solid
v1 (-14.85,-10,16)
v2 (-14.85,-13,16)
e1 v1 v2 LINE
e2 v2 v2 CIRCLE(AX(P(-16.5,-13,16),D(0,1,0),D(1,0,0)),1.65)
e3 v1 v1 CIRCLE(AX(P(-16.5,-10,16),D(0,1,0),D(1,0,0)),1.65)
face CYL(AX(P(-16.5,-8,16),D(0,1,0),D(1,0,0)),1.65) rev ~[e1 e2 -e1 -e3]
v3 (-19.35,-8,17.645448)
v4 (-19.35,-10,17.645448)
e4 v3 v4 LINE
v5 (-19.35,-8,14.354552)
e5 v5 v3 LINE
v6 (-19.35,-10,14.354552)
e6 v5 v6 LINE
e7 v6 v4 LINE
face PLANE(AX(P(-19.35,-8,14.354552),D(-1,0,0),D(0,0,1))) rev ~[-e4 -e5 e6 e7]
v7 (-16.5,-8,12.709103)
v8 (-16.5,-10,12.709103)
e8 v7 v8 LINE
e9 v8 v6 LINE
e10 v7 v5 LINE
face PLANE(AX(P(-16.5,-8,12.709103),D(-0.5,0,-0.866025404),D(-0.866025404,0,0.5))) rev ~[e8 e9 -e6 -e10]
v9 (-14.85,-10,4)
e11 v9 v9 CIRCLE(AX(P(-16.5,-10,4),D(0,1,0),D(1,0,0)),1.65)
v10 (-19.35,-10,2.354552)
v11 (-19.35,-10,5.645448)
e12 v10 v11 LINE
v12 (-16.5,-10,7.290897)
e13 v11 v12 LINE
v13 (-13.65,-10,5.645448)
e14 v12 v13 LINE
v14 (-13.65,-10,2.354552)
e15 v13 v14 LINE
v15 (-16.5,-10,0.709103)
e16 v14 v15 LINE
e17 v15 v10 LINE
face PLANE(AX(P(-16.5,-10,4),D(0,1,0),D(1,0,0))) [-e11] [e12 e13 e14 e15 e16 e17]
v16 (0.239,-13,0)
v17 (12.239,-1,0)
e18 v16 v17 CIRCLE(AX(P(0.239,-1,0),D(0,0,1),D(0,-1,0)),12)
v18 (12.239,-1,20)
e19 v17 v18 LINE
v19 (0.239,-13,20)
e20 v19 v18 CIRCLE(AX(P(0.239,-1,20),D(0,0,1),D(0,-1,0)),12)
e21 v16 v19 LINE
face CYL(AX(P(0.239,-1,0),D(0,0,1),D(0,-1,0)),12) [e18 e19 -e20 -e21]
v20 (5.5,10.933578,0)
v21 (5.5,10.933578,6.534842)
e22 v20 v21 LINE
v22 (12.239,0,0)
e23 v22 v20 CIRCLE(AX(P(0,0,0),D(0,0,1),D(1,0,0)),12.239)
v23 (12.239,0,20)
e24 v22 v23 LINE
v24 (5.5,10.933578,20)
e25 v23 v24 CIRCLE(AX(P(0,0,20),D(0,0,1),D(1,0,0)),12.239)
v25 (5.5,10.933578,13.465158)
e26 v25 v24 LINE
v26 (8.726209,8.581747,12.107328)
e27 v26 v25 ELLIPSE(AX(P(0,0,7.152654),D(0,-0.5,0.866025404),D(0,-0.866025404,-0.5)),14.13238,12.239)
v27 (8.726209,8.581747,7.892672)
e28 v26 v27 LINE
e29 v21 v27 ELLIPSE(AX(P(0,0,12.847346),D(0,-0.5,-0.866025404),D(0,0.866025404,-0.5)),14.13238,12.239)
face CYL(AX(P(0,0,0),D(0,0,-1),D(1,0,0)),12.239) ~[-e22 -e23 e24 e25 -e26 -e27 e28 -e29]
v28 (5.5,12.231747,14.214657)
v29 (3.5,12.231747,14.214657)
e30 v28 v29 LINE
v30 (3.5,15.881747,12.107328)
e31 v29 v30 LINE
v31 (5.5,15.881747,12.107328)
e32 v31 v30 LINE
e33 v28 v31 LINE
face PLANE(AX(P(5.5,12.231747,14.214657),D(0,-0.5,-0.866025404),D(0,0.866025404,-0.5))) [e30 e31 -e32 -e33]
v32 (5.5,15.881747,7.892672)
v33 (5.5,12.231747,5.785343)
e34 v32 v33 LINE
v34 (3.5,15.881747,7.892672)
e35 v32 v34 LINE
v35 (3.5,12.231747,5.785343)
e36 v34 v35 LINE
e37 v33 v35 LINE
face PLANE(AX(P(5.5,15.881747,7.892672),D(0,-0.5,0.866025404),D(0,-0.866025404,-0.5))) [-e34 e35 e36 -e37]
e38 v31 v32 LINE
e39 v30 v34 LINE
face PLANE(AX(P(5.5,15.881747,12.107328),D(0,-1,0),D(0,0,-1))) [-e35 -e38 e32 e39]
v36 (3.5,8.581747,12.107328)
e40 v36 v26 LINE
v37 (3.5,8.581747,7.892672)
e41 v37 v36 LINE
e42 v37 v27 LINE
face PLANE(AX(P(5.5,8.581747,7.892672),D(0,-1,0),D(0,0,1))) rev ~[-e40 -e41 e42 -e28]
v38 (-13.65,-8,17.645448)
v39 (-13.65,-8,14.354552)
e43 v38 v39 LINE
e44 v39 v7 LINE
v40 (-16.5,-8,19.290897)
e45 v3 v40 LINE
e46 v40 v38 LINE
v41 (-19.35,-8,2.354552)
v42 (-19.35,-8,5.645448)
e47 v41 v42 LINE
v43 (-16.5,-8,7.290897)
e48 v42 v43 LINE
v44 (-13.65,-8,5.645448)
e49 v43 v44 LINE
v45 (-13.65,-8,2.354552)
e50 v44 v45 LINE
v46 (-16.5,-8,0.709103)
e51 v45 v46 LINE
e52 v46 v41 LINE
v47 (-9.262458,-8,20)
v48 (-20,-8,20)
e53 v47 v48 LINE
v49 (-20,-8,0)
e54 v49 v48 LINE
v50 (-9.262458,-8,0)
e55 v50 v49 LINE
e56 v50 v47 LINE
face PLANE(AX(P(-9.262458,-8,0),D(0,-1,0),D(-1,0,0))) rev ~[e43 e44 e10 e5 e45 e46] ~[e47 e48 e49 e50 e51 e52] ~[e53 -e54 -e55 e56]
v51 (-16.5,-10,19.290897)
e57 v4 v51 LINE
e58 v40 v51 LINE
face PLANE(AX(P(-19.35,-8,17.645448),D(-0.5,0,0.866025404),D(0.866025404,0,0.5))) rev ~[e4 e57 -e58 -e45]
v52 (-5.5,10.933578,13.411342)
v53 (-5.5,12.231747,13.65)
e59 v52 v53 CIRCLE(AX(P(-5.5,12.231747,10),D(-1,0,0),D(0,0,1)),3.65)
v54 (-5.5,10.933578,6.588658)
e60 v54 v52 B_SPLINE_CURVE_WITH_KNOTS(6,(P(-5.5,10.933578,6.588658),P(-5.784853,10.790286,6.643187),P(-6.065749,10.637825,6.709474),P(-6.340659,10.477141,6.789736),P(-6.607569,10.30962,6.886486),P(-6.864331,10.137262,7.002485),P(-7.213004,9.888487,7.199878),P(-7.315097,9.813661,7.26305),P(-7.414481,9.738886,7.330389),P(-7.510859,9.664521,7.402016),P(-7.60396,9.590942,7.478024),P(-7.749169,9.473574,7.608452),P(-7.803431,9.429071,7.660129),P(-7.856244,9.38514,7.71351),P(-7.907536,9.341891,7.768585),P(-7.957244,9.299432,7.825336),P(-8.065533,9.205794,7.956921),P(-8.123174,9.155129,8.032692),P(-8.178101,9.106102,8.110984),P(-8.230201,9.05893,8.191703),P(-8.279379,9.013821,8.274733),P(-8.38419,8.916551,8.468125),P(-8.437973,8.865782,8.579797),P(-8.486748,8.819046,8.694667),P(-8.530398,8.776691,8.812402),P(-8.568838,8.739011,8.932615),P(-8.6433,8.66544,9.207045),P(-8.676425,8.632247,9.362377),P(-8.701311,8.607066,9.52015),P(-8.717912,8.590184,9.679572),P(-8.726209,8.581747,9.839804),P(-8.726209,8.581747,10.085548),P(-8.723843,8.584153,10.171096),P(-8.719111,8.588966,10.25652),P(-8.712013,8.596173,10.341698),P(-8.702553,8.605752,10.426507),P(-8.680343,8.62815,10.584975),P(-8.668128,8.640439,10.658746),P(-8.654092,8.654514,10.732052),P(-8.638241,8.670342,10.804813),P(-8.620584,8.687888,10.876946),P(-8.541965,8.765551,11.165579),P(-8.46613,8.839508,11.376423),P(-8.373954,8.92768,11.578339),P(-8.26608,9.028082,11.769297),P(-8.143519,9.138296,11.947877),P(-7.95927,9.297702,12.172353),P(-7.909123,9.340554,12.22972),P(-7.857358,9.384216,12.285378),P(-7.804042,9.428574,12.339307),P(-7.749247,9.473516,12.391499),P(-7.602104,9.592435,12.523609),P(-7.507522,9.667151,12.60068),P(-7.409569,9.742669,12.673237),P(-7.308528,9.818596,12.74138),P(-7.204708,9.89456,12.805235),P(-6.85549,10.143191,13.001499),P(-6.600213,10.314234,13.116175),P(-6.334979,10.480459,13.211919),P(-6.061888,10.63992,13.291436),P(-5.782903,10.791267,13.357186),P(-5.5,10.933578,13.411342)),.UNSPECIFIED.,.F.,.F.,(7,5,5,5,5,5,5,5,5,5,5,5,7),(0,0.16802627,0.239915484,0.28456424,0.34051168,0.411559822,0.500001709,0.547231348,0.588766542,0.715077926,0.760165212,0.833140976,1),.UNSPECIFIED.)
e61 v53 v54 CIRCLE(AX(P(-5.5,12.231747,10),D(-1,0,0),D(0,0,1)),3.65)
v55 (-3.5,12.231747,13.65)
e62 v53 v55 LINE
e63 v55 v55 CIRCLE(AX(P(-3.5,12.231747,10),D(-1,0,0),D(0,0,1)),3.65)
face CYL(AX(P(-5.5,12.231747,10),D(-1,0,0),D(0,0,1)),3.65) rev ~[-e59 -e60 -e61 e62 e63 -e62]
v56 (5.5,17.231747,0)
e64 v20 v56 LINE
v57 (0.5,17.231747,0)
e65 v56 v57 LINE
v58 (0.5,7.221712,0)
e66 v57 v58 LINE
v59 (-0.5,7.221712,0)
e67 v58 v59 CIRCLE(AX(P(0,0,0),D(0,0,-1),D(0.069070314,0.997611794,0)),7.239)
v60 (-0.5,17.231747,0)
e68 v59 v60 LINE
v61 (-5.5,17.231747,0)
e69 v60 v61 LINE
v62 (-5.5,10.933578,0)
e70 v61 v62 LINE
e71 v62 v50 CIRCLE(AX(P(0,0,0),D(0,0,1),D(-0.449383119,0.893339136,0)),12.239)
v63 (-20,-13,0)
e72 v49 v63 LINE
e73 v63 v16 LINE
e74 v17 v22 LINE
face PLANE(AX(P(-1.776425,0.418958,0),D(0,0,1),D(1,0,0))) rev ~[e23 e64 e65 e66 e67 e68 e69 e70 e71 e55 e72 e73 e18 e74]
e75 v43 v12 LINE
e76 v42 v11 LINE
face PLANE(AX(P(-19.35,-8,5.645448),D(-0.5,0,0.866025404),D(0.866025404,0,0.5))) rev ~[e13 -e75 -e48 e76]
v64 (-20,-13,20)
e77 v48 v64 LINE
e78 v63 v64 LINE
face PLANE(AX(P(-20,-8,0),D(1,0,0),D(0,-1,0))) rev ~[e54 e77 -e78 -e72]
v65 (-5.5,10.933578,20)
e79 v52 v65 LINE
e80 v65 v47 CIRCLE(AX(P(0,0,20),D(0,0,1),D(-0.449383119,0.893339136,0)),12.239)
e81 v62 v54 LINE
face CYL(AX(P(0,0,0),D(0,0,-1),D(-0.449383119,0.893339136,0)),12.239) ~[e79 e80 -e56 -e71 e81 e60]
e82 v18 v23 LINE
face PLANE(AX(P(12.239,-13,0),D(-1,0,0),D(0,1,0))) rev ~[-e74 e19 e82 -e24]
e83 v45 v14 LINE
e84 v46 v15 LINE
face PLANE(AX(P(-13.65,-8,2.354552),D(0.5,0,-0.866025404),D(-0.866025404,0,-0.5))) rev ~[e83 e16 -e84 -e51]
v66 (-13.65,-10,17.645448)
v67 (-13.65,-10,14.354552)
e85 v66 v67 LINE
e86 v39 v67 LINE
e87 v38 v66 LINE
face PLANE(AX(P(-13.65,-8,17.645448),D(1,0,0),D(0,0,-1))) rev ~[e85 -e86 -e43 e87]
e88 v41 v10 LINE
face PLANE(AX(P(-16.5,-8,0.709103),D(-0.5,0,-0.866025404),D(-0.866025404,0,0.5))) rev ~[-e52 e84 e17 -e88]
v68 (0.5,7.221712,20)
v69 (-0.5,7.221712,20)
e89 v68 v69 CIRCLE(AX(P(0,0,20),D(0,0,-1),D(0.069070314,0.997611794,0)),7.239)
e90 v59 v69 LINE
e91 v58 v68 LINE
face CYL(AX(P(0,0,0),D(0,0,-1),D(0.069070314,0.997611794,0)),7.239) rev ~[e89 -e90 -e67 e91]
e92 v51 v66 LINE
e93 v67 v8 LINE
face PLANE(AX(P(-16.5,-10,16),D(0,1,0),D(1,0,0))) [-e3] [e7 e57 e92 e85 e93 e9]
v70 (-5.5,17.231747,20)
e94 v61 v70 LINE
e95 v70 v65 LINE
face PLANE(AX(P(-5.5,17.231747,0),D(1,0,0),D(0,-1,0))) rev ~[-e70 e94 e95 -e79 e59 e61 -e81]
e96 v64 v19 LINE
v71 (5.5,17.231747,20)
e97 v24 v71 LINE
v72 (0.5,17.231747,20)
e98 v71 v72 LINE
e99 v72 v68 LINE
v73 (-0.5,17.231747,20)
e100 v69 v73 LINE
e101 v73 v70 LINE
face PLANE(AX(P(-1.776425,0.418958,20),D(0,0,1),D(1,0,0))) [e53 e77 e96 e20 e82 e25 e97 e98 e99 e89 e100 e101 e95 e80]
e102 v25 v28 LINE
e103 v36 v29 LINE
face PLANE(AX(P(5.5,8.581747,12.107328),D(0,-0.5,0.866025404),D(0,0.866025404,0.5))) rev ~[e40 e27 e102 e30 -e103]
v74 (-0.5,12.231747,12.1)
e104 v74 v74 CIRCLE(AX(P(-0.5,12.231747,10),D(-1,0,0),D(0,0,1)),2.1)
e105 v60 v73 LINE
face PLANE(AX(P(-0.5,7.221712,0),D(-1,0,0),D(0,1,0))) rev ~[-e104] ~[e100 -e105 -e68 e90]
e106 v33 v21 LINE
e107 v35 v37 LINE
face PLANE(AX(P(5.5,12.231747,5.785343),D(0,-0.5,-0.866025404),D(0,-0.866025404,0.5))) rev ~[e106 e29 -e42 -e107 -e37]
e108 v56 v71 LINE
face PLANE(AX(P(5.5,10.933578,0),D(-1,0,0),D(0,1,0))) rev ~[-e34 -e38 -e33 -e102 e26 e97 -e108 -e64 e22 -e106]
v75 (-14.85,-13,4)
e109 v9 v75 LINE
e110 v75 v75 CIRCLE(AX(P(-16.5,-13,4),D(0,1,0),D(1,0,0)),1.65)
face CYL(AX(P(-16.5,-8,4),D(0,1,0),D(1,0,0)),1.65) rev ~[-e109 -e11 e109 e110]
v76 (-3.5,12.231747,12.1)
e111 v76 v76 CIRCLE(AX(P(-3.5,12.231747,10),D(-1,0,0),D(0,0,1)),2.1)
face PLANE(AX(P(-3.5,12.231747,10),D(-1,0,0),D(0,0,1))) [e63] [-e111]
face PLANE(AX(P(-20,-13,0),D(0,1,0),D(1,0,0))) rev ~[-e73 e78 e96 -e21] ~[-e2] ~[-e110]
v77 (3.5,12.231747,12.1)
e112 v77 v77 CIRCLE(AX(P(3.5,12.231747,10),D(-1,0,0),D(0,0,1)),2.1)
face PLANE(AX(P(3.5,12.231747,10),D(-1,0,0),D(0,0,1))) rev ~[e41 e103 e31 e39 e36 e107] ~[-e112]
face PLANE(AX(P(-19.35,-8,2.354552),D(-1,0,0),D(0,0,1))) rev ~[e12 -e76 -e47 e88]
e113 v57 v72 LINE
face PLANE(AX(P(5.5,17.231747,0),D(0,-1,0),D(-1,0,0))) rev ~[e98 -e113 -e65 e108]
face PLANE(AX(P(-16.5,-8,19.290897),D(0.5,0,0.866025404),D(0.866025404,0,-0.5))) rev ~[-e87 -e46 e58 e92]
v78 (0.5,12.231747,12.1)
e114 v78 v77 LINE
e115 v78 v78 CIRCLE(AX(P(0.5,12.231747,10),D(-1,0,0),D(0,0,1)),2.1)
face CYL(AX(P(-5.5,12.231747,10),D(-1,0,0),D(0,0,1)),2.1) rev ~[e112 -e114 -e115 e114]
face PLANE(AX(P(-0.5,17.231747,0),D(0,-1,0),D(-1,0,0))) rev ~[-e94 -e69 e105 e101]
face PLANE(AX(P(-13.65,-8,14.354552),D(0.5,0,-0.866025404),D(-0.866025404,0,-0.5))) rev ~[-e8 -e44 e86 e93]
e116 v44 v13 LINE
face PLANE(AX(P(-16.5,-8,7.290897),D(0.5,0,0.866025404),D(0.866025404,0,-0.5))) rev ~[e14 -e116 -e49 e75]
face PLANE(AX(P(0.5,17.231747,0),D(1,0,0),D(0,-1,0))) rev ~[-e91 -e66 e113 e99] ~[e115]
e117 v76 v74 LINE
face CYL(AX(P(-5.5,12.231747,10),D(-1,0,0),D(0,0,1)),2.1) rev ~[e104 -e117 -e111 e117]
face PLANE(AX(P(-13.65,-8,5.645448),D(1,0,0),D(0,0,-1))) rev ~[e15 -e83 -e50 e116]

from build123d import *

# Parameters (mm, degrees)
BOSS_EXTRUDE1_DEPTH     = 20
SKETCH2_R               = 2.1
CUT_EXTRUDE1_DEPTH      = 15.5
CUT_EXTRUDE1_DEPTH_BACK = 18.739
SKETCH4_R               = 3.65
CUT_EXTRUDE2_DEPTH      = 15.5
CUT_EXTRUDE2_DEPTH_BACK = 2
CUT_EXTRUDE3_DEPTH      = 7.7390001
CUT_EXTRUDE3_DEPTH_BACK = 2
SKETCH6_R               = 1.65
CUT_EXTRUDE4_DEPTH      = 6
CUT_EXTRUDE5_DEPTH      = 2
FILLET1_R               = 12


with BuildPart() as part:
    # Sketch1 → Boss-Extrude1 (new body)
    with BuildSketch(Plane.XY):
        with BuildLine():
            Line((-0.5, 7.221711778), (-0.5, 17.231747474))
            Line((-0.5, 17.231747474), (-5.5, 17.231747474))
            Line((-5.5, 17.231747474), (-5.5, 10.933577685))
            ThreePointArc((-5.5, 10.933577685), (-12.004275475, 2.385475074), (-9.262457611, -8))
            Line((-9.262457611, -8), (-20, -8))
            Line((-20, -8), (-20, -13))
            Line((-20, -13), (12.239, -13))
            Line((12.239, -13), (12.239, 0))
            ThreePointArc((12.239, 0), (10.418915994, 6.421784059), (5.5, 10.933577685))
            Line((5.5, 10.933577685), (5.5, 17.231747474))
            Line((5.5, 17.231747474), (0.5, 17.231747474))
            Line((0.5, 17.231747474), (0.5, 7.221711778))
            ThreePointArc((0.5, 7.221711778), (0, -7.239), (-0.5, 7.221711778))
        make_face()
    extrude(amount=BOSS_EXTRUDE1_DEPTH)

    # Sketch2 → Cut-Extrude1 (cut, two sides)
    with BuildSketch(Plane.ZY.offset(5.5)) as cut_extrude1_sk:
        with Locations((10, 12.231747474)):
            Circle(SKETCH2_R)
    extrude(amount=CUT_EXTRUDE1_DEPTH, mode=Mode.SUBTRACT)
    extrude(cut_extrude1_sk.sketch, amount=-CUT_EXTRUDE1_DEPTH_BACK, mode=Mode.SUBTRACT)

    # Sketch4 → Cut-Extrude2 (cut, two sides)
    with BuildSketch(Plane.ZY.offset(5.5)) as cut_extrude2_sk:
        with Locations((10, 12.231747474)):
            Circle(SKETCH4_R)
    extrude(amount=CUT_EXTRUDE2_DEPTH, mode=Mode.SUBTRACT)
    extrude(cut_extrude2_sk.sketch, amount=-CUT_EXTRUDE2_DEPTH_BACK, mode=Mode.SUBTRACT)

    # Sketch5 → Cut-Extrude3 (cut, two sides)
    with BuildSketch(Plane(origin=(5.5, 0, 0), x_dir=(0, 0, -1), z_dir=(1, 0, 0))) as cut_extrude3_sk:
        Polygon((-12.107328483, 8.581747474), (-14.214656965, 12.231747474), (-12.107328483, 15.881747474), (-7.892671517, 15.881747474), (-5.785343035, 12.231747474), (-7.892671517, 8.581747474), align=None)
    extrude(amount=CUT_EXTRUDE3_DEPTH, mode=Mode.SUBTRACT)
    extrude(cut_extrude3_sk.sketch, amount=-CUT_EXTRUDE3_DEPTH_BACK, mode=Mode.SUBTRACT)

    # Sketch6 → Cut-Extrude4 (cut, through all)
    with BuildSketch(Plane(origin=(0, -8, 0), x_dir=(1, 0, 0), z_dir=(0, 1, 0))):
        with Locations((-16.5, -4)):
            Circle(SKETCH6_R)
        with Locations((-16.5, -16)):
            Circle(SKETCH6_R)
    extrude(amount=-CUT_EXTRUDE4_DEPTH, mode=Mode.SUBTRACT)

    # Sketch7 → Cut-Extrude5 (cut)
    with BuildSketch(Plane(origin=(0, -8, 0), x_dir=(1, 0, 0), z_dir=(0, 1, 0))):
        Polygon((-16.5, -7.290896534), (-13.65, -5.645448267), (-13.65, -2.354551733), (-16.5, -0.709103466), (-19.35, -2.354551733), (-19.35, -5.645448267), align=None)
        Polygon((-16.5, -12.709103466), (-19.35, -14.354551733), (-19.35, -17.645448267), (-16.5, -19.290896534), (-13.65, -17.645448267), (-13.65, -14.354551733), align=None)
    extrude(amount=-CUT_EXTRUDE5_DEPTH, mode=Mode.SUBTRACT)

    # Fillet1
    fillet1_edges = [part.edges().sort_by_distance(p)[0] for p in [
        (12.239, -13, 10),
    ]]
    fillet(fillet1_edges, radius=FILLET1_R)


solid = part.part
